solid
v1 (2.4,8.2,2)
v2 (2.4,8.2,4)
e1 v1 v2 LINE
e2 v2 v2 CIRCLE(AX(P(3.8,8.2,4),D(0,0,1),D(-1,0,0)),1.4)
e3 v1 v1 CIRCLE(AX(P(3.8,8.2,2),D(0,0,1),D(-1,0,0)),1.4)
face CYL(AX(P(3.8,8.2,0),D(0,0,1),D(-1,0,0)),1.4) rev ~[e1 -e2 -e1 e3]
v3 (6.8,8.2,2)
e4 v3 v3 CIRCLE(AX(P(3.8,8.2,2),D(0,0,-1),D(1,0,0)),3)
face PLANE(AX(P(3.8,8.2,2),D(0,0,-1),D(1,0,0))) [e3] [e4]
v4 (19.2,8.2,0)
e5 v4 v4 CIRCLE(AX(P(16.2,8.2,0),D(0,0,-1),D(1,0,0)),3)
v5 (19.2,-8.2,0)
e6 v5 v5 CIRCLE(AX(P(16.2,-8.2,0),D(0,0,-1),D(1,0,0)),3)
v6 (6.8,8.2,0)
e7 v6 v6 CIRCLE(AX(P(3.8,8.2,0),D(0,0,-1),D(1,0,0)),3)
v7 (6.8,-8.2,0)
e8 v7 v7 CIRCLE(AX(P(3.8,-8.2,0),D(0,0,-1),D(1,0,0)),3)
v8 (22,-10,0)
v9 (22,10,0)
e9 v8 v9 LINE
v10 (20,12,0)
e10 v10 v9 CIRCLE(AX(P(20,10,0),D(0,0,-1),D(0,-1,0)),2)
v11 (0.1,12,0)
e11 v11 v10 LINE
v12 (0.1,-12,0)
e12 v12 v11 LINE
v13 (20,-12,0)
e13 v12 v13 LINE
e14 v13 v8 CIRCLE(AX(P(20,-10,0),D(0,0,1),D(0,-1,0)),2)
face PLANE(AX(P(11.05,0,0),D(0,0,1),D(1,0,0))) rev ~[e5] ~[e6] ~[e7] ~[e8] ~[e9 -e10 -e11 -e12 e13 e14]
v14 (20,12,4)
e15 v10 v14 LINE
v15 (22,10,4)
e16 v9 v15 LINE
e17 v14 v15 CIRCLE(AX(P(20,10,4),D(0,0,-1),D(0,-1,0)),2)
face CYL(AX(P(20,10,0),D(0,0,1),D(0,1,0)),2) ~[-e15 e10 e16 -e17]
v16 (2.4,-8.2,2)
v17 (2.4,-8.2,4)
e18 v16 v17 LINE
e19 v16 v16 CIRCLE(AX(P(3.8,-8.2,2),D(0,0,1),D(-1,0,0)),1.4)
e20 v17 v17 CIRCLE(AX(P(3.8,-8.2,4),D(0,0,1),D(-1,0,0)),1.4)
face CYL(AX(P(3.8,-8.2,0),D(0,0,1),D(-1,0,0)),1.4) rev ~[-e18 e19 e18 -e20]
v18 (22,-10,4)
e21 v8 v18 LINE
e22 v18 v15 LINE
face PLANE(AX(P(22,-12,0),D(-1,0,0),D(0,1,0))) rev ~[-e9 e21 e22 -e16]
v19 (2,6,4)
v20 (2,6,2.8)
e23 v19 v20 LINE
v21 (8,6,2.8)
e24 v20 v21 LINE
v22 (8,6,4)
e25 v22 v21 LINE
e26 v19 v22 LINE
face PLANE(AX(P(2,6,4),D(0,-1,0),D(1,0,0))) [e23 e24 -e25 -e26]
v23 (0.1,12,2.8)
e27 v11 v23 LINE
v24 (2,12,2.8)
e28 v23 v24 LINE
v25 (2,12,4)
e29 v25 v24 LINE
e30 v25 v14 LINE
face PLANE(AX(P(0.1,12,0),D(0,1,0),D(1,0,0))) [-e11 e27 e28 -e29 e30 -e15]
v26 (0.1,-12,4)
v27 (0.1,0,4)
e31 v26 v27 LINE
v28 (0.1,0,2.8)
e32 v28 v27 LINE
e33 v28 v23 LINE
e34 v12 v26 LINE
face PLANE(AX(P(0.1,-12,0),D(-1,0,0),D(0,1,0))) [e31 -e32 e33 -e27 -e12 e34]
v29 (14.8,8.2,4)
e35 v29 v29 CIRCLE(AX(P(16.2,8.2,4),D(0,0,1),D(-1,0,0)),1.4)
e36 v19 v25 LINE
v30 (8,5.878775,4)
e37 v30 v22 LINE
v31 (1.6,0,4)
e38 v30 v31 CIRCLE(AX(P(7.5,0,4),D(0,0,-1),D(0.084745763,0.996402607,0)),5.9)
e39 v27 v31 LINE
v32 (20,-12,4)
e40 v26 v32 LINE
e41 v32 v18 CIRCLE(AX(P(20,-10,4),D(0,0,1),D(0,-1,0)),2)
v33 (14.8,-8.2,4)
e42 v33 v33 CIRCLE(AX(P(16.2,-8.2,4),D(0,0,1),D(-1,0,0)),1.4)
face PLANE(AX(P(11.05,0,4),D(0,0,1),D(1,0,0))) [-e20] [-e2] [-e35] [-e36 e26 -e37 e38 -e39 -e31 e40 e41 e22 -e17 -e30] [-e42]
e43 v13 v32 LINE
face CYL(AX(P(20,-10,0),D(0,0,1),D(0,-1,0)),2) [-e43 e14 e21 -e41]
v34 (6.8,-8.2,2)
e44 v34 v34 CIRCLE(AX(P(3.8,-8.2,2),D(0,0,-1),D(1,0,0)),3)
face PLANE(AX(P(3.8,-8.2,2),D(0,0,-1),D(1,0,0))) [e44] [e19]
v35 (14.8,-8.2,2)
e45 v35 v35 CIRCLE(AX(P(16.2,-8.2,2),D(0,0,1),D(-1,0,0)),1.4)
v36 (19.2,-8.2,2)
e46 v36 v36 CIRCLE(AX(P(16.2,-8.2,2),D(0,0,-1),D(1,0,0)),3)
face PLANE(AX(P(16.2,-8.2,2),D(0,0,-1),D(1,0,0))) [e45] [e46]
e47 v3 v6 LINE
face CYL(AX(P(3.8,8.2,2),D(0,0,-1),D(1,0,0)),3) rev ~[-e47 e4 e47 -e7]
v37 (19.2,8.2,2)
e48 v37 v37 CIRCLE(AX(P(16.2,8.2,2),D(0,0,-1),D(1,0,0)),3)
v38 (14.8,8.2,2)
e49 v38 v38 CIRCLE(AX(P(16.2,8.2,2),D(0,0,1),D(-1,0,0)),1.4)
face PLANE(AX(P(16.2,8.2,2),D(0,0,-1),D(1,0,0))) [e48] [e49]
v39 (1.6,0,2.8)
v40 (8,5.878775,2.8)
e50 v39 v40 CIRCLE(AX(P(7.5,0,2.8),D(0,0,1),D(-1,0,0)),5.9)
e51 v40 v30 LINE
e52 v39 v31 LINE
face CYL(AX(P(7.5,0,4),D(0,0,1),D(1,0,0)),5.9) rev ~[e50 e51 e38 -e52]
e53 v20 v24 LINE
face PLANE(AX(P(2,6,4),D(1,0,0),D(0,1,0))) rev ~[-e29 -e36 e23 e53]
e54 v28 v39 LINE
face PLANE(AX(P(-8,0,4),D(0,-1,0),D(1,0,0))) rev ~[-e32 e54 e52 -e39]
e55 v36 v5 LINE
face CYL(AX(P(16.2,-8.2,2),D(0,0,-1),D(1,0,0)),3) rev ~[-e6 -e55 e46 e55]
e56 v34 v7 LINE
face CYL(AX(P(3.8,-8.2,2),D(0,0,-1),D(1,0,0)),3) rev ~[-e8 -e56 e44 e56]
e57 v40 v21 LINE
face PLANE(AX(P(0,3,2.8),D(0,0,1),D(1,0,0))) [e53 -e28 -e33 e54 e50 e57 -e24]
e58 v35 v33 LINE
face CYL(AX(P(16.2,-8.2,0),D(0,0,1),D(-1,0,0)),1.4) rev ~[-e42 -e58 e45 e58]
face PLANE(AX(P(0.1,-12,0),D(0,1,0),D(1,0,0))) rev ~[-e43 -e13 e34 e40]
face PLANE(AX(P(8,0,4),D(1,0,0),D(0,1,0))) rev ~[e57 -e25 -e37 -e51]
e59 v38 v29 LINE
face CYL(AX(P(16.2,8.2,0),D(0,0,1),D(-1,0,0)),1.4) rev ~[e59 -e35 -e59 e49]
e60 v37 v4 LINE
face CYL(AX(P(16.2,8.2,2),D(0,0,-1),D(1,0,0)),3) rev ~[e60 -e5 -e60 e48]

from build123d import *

# Parameters (mm, degrees)
SKETCH051_W         = 21.9
SKETCH051_H         = 24
PAD014_DEPTH        = 4
SKETCH052_R         = 5.9
POCKET015_DEPTH     = 1.2
SKETCH053_W         = 16
SKETCH053_H         = 6
SKETCH053_W_2       = 4
POCKET016_DEPTH     = 1.2
HOLE022_D           = 2.8
HOLE022_DEPTH       = 25
HOLE022_CBORE_D     = 6
HOLE022_CBORE_DEPTH = 2
FILLET027_R         = 2


with BuildPart() as part:
    # Sketch051 → Pad014 (new body)
    with BuildSketch(Plane.XY):
        with Locations((11.05, 0)):
            Rectangle(SKETCH051_W, SKETCH051_H)
    extrude(amount=PAD014_DEPTH)

    # Sketch052 (on Face6 of Pad014) → Pocket015 (cut)
    with BuildSketch(Plane.XY.offset(4)):
        with Locations((7.5, 0)):
            Circle(SKETCH052_R)
    pocket015 = extrude(amount=-POCKET015_DEPTH, mode=Mode.SUBTRACT)

    # Mirrored025: Pocket015 across Sketch052 V_Axis
    add(pocket015.mirror(Plane(origin=(0, 0, 4), x_dir=(0, 0, 1), z_dir=(1, 0, 0))), mode=Mode.SUBTRACT)

    # Sketch053 (on Face5 of Mirrored025) → Pocket016 (cut)
    with BuildSketch(Plane.XY.offset(4)):
        with Locations((0, 3)):
            Rectangle(SKETCH053_W, SKETCH053_H)
        with Locations((0, 9)):
            Rectangle(SKETCH053_W_2, SKETCH053_H)
    extrude(amount=-POCKET016_DEPTH, mode=Mode.SUBTRACT)

    # Hole022
    with Locations(Plane(origin=(0, 0, 0), x_dir=(1, 0, 0), z_dir=(0, 0, -1))):
        with Locations((16.2, 8.2), (16.2, -8.2), (3.8, 8.2), (3.8, -8.2)):
            hole022 = CounterBoreHole(HOLE022_D / 2, HOLE022_CBORE_D / 2, HOLE022_CBORE_DEPTH, depth=HOLE022_DEPTH)

    # Mirrored026: Hole022 across Sketch054 V_Axis
    add(hole022.mirror(Plane(origin=(0, 0, 0), x_dir=(0, 0, -1), z_dir=(1, 0, 0))), mode=Mode.SUBTRACT)

    # Fillet027
    fillet027_edges = [part.edges().sort_by_distance(p)[0] for p in [
        (22, 12, 2),
        (22, -12, 2),
    ]]
    fillet(fillet027_edges, radius=FILLET027_R)


solid = part.part
